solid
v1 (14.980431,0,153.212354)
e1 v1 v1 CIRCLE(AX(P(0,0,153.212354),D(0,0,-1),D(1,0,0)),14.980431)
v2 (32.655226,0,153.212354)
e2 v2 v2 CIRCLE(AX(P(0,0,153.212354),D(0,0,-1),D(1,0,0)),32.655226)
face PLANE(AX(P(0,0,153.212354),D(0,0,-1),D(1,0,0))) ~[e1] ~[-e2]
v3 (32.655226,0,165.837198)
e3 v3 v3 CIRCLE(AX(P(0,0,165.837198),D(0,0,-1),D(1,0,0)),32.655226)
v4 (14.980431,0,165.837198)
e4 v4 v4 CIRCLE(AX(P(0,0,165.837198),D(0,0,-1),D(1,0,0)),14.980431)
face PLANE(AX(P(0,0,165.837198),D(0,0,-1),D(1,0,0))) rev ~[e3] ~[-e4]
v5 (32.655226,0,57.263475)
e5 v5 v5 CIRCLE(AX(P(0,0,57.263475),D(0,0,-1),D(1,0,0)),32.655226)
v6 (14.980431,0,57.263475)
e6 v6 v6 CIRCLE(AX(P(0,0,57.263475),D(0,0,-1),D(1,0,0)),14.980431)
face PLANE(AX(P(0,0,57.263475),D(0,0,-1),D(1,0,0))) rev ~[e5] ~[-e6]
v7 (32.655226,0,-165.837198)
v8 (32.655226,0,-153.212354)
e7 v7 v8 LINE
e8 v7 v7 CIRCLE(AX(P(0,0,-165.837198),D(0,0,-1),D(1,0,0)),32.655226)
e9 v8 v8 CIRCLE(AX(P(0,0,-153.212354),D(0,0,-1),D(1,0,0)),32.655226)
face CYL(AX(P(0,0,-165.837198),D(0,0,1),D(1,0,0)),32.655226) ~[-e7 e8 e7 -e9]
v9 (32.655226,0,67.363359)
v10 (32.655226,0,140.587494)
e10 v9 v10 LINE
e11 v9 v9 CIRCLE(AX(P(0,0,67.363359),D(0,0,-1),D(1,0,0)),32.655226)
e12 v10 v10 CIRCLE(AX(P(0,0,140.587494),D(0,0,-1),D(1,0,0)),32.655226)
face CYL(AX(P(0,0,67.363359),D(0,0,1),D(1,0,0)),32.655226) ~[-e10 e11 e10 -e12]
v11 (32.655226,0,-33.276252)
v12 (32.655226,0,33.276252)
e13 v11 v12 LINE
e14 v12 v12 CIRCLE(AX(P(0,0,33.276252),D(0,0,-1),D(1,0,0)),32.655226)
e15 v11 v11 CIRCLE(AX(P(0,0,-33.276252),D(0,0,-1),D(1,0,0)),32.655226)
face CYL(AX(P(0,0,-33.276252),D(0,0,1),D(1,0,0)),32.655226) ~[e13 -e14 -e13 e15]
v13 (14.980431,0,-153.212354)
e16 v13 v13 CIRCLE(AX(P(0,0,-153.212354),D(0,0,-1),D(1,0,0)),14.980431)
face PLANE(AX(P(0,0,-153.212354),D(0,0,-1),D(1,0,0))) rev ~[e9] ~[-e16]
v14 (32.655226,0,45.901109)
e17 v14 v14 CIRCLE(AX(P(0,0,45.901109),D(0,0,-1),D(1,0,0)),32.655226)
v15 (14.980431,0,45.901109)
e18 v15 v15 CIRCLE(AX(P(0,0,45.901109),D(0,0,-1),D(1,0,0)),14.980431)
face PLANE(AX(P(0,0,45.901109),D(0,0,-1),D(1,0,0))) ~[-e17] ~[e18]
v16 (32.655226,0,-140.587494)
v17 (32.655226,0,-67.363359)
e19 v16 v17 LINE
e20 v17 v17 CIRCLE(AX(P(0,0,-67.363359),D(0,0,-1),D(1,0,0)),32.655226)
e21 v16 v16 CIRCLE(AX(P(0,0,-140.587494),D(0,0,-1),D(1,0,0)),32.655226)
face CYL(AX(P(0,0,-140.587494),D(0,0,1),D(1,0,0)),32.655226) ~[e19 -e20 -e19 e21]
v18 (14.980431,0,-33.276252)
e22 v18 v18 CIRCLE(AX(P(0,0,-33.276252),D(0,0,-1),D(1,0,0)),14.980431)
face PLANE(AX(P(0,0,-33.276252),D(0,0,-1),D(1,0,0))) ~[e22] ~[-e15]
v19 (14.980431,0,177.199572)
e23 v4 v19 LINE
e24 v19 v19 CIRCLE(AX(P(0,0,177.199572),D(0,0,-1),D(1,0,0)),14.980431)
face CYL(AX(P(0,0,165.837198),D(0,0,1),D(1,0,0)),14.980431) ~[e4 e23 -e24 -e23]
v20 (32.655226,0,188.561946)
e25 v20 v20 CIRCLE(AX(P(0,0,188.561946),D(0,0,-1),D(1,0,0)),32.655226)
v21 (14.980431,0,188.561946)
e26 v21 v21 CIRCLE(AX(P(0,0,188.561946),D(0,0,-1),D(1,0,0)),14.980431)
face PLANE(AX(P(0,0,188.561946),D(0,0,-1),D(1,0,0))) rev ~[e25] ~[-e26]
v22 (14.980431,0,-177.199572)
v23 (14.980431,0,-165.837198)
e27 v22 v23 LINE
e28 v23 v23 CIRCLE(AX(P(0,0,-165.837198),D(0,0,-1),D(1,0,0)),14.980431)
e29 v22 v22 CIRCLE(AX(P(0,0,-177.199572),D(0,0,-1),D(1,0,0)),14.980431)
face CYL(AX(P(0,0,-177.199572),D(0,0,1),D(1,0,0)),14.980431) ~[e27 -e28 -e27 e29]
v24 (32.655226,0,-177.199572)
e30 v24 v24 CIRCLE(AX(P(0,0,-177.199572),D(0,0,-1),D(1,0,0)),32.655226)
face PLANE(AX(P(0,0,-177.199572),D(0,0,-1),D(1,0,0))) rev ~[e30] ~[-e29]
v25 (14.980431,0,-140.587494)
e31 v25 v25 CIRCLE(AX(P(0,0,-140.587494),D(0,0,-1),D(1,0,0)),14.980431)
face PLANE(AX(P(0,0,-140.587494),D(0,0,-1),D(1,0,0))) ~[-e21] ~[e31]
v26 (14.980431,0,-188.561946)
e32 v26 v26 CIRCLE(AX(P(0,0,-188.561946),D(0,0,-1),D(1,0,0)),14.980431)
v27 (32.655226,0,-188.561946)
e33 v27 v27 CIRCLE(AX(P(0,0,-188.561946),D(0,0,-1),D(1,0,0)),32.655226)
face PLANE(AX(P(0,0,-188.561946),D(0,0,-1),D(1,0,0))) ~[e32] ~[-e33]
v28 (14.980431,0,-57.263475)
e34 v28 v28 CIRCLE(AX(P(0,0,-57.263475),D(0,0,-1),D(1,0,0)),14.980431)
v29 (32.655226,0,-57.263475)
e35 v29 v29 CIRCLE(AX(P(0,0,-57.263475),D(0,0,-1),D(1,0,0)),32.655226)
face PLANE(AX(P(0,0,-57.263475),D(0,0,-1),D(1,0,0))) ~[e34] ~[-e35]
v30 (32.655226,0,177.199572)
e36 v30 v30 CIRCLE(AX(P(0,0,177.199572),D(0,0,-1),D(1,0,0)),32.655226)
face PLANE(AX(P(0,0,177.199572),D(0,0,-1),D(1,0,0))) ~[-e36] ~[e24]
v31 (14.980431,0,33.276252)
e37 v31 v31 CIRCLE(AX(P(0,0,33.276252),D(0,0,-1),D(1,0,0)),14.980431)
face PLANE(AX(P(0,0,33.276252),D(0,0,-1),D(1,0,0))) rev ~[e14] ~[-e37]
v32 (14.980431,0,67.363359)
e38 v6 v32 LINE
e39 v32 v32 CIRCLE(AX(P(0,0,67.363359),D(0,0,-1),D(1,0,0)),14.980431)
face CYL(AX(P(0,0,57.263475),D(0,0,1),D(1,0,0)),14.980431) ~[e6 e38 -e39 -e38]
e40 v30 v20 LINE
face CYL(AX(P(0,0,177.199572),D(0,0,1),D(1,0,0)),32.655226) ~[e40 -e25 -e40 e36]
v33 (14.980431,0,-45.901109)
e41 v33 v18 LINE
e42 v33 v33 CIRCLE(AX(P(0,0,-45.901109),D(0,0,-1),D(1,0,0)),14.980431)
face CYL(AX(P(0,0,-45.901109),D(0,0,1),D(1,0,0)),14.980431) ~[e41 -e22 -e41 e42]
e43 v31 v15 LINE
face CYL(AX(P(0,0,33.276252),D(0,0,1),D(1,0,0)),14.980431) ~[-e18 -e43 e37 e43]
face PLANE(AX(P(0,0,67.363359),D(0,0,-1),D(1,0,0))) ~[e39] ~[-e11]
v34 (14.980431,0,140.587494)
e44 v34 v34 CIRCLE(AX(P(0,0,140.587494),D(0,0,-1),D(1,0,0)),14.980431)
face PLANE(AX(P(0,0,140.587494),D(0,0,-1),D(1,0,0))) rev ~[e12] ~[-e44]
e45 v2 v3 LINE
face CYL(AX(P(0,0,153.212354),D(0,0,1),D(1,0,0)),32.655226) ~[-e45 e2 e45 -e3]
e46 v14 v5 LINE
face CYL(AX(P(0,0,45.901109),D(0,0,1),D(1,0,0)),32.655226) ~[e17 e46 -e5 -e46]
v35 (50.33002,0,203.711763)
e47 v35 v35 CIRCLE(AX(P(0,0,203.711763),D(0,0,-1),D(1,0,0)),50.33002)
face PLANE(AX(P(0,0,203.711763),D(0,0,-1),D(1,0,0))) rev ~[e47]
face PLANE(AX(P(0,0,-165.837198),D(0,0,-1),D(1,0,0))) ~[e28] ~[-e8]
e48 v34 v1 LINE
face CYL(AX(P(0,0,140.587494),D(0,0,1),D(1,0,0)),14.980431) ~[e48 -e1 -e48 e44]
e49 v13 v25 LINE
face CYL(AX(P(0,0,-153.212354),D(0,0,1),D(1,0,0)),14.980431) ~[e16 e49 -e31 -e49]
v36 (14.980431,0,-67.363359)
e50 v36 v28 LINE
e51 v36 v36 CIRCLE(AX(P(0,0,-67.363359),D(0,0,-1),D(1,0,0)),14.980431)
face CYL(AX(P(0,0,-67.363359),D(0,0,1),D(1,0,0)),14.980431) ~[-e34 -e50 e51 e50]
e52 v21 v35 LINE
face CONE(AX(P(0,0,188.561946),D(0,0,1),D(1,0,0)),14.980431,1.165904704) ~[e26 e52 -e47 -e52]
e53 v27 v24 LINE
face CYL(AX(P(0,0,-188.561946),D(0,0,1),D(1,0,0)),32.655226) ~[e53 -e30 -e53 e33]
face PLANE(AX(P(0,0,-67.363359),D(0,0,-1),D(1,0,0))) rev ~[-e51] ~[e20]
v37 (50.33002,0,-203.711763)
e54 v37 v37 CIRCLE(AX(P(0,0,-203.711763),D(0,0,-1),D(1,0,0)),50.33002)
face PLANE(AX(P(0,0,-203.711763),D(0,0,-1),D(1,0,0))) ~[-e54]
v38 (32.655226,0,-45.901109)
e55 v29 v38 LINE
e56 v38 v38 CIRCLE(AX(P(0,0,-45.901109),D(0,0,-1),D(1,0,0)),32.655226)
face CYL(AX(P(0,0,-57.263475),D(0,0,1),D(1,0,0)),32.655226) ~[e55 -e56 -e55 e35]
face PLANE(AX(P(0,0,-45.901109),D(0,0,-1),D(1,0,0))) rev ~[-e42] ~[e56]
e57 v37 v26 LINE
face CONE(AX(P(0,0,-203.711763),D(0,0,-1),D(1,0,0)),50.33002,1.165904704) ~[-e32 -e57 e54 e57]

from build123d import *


with BuildPart() as f1:
    # F0 (on Front) → F1 (revolve)
    with BuildSketch(Plane.XZ):
        Polygon((0, 203.711763), (0, 0), (32.655226, 0), (32.655226, 33.276252), (14.980431, 33.276252), (14.980431, 45.901109), (32.655226, 45.901109), (32.655226, 57.263475), (14.980431, 57.263475), (14.980431, 67.363359), (32.655226, 67.363359), (32.655226, 140.587494), (14.980431, 140.587494), (14.980431, 153.212354), (32.655226, 153.212354), (32.655226, 165.837198), (14.980431, 165.837198), (14.980431, 177.199572), (32.655226, 177.199572), (32.655226, 188.561946), (14.980431, 188.561946), (50.33002, 203.711763), align=None)
        Polygon((32.655226, 0), (0, 0), (0, -203.711763), (50.33002, -203.711763), (14.980431, -188.561946), (32.655226, -188.561946), (32.655226, -177.199572), (14.980431, -177.199572), (14.980431, -165.837198), (32.655226, -165.837198), (32.655226, -153.212354), (14.980431, -153.212354), (14.980431, -140.587494), (32.655226, -140.587494), (32.655226, -67.363359), (14.980431, -67.363359), (14.980431, -57.263475), (32.655226, -57.263475), (32.655226, -45.901109), (14.980431, -45.901109), (14.980431, -33.276252), (32.655226, -33.276252), align=None)
    revolve(axis=Axis((0, 0, -101.855882), (0, 0, -1)))


solid = f1.part
